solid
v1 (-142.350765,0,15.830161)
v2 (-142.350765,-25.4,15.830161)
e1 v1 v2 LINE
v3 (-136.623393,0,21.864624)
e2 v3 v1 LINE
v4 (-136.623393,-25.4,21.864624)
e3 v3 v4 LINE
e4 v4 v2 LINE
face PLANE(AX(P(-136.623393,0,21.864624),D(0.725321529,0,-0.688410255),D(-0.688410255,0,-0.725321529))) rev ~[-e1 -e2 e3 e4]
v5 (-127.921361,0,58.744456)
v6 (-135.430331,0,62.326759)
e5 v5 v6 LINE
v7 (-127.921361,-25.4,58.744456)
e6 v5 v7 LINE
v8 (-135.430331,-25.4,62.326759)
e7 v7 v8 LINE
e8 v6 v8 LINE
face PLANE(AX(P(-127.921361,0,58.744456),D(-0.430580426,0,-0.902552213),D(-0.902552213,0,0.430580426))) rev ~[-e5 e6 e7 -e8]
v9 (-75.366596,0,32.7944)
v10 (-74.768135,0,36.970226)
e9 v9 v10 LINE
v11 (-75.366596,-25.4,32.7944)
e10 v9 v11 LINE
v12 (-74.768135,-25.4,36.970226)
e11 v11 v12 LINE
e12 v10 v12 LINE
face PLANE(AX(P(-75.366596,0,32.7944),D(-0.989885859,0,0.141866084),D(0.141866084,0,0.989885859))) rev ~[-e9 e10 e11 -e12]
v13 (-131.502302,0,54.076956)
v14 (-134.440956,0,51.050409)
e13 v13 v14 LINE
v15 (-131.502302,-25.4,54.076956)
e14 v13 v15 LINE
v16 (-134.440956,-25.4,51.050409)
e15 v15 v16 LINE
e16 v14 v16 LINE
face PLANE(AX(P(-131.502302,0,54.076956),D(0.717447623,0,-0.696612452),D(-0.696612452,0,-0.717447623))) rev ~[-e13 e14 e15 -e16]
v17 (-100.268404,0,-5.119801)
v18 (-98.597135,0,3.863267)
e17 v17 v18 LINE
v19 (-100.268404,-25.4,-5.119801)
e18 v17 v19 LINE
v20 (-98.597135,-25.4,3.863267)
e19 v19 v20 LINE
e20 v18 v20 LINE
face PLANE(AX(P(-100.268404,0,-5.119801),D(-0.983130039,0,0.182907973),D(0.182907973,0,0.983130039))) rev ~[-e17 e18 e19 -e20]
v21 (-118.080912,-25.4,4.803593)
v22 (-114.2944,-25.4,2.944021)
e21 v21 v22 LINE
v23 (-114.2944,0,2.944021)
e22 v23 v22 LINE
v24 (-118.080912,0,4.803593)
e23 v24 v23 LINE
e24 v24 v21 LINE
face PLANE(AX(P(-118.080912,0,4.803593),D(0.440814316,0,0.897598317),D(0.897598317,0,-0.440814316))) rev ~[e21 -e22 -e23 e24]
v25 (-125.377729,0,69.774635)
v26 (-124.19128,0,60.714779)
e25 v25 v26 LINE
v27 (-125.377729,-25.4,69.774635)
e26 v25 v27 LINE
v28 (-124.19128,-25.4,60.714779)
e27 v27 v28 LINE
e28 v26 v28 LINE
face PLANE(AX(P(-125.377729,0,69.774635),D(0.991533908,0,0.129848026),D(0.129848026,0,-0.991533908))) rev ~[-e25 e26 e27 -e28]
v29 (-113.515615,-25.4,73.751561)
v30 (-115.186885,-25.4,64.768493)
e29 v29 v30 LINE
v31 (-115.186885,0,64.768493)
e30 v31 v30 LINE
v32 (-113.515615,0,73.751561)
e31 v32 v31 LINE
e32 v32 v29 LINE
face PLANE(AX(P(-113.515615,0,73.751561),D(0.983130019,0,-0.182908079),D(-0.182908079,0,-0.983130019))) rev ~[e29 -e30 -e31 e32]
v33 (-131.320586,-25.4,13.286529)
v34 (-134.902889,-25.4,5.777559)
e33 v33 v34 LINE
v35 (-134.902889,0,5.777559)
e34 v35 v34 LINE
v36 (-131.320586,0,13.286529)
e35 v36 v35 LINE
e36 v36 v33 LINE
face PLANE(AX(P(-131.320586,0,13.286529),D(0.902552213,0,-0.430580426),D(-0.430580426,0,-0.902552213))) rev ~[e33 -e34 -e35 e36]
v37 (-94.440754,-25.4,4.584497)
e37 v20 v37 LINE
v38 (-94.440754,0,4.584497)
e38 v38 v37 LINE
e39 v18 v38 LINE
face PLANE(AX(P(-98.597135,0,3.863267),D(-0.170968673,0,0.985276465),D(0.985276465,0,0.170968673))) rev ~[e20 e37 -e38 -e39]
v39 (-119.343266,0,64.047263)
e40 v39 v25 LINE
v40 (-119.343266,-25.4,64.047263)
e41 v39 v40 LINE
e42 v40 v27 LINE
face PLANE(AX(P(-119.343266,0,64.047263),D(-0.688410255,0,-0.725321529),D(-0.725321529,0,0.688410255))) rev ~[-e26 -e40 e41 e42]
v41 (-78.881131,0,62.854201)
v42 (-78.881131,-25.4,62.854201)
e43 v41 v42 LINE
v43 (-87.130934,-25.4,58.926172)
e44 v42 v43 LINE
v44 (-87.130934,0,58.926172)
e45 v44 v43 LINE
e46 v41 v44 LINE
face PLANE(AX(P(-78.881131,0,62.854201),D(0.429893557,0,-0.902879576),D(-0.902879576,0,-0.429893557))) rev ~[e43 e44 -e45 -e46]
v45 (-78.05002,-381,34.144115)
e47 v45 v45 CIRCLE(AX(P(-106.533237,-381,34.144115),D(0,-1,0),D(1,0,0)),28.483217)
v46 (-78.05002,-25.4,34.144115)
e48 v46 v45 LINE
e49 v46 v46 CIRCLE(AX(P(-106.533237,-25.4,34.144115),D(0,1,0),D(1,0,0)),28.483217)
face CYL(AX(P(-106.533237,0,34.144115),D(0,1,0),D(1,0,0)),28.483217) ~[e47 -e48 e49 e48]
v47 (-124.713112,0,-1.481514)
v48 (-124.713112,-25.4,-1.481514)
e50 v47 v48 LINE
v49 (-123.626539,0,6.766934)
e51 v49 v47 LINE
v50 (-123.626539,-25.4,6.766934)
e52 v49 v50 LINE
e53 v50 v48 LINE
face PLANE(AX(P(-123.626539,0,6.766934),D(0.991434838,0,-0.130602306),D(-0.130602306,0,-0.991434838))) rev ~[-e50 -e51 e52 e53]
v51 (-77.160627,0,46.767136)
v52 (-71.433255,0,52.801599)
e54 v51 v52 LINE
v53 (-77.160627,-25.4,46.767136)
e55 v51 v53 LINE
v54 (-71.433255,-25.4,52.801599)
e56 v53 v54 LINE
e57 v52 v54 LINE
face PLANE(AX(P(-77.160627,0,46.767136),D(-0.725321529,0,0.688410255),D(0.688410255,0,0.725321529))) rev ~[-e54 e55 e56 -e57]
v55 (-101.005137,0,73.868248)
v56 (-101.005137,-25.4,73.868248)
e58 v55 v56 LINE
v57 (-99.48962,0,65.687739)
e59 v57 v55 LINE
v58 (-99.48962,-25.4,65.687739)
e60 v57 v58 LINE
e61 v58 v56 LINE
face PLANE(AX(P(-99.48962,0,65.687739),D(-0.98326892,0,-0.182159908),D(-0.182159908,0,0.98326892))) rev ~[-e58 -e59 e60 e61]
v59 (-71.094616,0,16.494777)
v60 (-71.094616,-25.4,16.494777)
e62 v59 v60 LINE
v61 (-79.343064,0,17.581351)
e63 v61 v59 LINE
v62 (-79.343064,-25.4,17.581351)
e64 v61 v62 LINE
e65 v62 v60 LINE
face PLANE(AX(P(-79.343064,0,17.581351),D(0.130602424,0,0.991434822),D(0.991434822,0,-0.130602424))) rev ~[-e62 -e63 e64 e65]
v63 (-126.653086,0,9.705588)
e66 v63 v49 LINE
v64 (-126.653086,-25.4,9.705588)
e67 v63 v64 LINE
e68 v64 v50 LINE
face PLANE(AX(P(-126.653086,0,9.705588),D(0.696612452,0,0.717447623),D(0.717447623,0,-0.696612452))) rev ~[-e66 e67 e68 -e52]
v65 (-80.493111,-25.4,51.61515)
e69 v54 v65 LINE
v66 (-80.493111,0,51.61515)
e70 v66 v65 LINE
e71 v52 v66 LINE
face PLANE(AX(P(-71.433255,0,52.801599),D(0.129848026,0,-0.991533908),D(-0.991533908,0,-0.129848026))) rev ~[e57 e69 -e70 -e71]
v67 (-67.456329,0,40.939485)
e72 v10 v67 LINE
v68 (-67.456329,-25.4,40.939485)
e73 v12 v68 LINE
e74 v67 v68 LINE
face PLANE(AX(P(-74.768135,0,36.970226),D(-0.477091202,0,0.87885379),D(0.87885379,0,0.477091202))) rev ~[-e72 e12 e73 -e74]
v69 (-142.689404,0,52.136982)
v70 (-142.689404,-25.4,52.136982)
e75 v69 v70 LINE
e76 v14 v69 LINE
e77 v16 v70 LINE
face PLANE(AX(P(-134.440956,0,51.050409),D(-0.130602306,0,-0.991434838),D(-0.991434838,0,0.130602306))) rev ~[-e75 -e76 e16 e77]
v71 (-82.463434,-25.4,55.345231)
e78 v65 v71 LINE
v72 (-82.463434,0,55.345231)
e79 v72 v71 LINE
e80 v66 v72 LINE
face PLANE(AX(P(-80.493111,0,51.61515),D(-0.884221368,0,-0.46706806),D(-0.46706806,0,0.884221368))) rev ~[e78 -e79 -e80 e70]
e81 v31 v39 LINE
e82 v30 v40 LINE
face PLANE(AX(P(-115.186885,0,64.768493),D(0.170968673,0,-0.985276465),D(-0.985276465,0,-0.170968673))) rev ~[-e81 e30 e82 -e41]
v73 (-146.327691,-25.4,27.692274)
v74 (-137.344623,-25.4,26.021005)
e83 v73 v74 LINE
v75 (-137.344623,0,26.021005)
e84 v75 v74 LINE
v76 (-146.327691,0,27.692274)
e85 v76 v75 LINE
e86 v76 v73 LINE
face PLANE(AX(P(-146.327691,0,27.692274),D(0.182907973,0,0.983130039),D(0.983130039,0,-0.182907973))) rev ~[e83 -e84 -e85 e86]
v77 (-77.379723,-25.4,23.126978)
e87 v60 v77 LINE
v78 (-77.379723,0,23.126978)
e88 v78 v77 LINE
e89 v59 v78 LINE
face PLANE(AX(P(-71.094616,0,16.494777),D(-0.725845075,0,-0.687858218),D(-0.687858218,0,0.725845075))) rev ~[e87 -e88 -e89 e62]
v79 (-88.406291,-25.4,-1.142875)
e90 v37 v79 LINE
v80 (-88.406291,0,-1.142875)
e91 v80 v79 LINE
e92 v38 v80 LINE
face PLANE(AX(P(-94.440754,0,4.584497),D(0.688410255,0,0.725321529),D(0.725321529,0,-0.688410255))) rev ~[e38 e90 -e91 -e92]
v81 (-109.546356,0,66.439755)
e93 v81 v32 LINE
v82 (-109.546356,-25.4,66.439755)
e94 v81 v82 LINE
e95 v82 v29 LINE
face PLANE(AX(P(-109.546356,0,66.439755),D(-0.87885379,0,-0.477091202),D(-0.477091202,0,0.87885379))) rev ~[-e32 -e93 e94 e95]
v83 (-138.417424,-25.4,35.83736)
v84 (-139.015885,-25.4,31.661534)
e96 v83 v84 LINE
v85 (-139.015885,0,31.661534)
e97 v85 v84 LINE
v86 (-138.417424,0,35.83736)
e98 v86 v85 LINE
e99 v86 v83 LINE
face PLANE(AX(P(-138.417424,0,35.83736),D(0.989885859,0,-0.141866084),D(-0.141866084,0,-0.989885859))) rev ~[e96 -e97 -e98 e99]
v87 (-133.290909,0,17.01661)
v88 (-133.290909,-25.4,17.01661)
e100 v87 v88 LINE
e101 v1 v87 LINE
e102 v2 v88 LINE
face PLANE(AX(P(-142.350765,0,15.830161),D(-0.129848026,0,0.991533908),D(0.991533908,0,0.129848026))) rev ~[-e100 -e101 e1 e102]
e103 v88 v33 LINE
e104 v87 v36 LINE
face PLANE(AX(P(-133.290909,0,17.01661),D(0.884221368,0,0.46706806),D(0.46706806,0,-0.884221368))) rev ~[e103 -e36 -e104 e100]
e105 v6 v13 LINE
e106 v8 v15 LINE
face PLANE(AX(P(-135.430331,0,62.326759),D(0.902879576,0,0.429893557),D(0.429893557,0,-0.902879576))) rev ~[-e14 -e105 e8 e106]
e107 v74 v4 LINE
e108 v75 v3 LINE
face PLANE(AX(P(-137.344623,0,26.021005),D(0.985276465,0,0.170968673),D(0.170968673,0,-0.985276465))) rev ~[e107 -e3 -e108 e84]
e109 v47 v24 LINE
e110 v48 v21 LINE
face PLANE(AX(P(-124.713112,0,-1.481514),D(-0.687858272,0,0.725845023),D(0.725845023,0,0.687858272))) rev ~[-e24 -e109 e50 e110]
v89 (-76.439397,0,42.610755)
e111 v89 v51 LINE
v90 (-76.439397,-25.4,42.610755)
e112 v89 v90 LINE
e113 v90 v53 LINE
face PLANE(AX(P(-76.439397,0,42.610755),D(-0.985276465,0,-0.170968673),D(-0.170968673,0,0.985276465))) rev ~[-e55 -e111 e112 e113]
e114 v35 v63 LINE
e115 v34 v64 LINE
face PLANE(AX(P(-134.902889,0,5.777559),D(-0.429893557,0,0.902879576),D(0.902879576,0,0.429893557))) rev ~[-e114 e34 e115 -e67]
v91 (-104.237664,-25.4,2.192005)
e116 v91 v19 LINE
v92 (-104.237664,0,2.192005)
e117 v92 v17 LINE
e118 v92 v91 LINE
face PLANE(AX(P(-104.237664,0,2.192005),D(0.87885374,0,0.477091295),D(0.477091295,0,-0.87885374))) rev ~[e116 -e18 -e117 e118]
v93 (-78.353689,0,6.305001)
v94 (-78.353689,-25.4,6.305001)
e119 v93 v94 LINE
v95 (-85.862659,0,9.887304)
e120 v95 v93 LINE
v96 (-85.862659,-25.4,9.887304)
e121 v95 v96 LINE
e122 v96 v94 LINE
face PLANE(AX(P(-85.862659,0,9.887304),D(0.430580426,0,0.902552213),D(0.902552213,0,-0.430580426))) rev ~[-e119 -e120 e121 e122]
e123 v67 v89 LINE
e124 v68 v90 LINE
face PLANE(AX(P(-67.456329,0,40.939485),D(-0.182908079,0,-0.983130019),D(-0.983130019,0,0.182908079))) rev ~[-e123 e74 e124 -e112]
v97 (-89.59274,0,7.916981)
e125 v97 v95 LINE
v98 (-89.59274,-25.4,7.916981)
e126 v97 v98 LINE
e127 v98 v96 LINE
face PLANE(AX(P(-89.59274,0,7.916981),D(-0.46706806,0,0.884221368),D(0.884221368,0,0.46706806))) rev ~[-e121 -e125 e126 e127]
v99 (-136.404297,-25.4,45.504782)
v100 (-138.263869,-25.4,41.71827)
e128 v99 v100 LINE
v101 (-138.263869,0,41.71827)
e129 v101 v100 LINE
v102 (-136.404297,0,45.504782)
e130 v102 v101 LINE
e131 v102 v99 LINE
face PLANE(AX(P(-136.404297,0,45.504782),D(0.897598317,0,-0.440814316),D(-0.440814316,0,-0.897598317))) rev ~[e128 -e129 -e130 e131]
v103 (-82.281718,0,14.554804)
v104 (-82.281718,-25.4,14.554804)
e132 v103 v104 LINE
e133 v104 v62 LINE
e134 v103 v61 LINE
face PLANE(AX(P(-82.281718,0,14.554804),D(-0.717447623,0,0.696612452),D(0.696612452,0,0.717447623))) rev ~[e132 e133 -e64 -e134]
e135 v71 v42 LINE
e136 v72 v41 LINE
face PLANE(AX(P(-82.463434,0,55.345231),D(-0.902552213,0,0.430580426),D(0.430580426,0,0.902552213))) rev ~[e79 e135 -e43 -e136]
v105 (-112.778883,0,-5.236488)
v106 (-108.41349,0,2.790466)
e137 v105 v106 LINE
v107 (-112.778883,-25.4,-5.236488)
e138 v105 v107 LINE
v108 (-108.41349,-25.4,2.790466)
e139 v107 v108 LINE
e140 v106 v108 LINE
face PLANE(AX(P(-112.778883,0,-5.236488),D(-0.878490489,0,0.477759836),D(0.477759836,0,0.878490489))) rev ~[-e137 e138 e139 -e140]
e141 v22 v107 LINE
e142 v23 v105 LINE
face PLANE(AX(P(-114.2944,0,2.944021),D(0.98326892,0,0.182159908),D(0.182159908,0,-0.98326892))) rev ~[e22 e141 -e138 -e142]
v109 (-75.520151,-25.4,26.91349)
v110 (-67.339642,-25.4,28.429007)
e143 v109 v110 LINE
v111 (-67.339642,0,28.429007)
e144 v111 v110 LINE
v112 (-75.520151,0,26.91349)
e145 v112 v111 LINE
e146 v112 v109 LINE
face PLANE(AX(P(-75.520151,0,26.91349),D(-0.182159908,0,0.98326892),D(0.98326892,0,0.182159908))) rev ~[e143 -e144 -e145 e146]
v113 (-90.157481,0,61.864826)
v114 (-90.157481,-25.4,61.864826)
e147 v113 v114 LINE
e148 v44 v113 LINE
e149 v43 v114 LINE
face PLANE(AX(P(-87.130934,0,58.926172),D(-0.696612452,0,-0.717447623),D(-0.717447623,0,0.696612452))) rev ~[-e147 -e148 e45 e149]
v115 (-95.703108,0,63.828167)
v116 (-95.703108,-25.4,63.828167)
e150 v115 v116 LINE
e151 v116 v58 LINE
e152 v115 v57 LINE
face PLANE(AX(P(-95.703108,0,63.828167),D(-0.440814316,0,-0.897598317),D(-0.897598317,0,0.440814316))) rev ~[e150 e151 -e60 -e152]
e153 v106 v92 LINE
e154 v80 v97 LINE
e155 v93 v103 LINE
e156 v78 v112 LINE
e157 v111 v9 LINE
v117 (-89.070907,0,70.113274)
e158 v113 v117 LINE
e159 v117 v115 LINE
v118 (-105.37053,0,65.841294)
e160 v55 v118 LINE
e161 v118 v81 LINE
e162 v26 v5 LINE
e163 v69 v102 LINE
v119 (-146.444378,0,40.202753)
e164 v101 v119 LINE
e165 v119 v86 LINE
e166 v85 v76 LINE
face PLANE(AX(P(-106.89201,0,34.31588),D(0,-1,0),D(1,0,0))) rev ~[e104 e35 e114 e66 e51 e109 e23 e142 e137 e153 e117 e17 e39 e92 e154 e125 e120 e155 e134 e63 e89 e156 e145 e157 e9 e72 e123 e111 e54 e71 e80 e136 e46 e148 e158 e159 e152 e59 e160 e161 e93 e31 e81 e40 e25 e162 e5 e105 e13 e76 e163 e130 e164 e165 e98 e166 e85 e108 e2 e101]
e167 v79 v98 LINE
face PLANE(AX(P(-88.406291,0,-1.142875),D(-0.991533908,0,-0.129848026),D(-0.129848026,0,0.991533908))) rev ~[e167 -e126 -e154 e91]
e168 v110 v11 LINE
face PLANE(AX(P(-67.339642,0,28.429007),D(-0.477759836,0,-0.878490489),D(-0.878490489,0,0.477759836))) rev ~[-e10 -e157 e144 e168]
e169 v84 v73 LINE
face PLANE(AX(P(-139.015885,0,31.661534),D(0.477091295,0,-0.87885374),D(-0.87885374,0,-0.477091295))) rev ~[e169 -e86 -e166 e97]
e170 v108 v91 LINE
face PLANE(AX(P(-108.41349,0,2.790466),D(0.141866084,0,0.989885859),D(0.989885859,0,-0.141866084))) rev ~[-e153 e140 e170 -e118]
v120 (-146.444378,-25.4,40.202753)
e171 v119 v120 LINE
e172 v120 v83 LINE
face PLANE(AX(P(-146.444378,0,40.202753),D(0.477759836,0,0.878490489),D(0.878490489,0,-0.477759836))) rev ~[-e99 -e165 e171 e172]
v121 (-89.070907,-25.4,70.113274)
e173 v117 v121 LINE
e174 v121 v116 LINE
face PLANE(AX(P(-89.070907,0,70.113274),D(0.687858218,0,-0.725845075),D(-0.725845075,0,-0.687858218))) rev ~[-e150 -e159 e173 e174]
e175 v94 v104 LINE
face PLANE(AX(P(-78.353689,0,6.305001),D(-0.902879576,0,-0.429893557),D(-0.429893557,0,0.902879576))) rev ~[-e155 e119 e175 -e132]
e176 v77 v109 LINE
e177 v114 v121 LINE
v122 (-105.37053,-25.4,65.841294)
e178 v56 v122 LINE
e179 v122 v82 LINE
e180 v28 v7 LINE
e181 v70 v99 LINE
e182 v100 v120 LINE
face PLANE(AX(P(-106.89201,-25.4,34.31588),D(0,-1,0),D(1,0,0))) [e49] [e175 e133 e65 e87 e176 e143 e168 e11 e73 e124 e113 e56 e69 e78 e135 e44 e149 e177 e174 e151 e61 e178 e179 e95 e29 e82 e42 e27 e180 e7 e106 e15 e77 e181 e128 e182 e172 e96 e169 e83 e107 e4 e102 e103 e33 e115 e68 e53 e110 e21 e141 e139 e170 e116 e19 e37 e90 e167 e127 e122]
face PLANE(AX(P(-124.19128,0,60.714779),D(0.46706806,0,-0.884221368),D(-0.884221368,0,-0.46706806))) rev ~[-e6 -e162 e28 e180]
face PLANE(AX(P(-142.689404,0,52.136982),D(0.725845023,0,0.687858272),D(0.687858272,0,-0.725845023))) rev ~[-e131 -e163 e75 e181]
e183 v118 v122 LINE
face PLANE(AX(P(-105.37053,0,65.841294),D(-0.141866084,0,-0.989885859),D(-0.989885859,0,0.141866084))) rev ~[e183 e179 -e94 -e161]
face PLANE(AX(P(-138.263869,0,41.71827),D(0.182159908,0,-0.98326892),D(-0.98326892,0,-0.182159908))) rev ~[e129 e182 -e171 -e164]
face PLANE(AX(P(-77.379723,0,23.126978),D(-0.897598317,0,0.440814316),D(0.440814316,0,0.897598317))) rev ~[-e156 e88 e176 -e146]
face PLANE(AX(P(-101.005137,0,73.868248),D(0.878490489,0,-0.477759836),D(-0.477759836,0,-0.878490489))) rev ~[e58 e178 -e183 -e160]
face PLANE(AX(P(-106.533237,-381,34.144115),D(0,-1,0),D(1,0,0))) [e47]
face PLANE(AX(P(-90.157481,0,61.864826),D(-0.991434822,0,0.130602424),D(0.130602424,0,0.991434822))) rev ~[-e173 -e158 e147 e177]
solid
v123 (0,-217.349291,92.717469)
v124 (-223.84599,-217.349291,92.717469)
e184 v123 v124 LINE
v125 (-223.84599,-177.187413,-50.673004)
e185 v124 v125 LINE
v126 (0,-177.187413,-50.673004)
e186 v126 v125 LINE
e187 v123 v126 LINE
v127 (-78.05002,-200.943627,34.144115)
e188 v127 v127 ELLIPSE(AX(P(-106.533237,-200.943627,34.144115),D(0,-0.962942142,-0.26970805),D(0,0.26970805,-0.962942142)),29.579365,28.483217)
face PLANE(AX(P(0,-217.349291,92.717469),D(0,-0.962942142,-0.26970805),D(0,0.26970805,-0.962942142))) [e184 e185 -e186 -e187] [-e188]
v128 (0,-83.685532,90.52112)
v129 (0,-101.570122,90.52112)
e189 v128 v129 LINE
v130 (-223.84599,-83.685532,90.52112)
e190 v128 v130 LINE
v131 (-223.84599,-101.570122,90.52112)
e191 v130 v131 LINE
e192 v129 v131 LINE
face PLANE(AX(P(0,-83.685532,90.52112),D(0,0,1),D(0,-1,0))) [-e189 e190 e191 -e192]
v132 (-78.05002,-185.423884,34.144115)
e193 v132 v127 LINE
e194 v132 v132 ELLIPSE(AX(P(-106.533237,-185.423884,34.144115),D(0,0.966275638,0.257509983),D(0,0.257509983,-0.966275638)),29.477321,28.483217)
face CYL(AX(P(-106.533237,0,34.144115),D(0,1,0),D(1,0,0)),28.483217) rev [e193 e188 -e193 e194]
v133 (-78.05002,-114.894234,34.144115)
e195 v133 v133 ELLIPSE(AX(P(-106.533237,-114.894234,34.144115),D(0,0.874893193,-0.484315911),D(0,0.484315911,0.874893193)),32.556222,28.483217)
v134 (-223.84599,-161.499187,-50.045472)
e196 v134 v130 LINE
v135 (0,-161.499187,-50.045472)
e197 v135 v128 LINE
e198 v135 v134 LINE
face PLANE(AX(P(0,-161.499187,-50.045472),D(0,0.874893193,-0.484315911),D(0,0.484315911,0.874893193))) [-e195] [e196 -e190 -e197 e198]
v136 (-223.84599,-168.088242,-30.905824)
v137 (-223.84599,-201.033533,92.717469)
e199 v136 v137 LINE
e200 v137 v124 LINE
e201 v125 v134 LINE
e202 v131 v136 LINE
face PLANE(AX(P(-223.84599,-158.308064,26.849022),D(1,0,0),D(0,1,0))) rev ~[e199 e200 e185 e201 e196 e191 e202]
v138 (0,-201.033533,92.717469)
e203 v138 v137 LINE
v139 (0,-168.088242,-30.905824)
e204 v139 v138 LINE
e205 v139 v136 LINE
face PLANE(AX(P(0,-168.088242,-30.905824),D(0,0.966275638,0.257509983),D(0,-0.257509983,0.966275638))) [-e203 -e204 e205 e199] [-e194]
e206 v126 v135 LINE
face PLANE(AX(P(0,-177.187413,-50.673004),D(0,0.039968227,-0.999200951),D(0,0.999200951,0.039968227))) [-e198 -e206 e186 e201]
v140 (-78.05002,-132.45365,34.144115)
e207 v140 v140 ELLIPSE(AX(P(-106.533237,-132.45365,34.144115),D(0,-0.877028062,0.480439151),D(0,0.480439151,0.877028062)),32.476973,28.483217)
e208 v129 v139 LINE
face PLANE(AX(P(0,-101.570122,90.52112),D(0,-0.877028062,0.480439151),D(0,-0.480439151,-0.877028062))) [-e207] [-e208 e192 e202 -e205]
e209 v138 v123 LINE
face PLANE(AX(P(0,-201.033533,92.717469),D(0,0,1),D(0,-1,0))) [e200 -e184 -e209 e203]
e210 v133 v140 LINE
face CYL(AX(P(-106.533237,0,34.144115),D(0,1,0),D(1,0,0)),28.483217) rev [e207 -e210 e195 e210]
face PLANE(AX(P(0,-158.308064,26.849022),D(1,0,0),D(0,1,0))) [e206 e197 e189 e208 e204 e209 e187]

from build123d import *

# Parameters (mm, degrees)
F0_R     = 28.483217
F1_DEPTH = 381
F3_DEPTH = 223.84599
F6_DEPTH = 25.4


with BuildPart() as f1:
    # F0 (on Front) → F1 (new body)
    with BuildSketch(Plane.XZ):
        with Locations((-106.533237, 34.144115)):
            Circle(F0_R)
    extrude(amount=F1_DEPTH)

    # F5 (on Front) → F6 (join)
    with BuildSketch(Plane.XZ):
        Polygon((-113.515615, 73.751561), (-115.186885, 64.768493), (-119.343266, 64.047263), (-125.377729, 69.774635), (-124.19128, 60.714779), (-127.921361, 58.744456), (-135.430331, 62.326759), (-131.502302, 54.076956), (-134.440956, 51.050409), (-142.689404, 52.136982), (-136.404297, 45.504782), (-138.263869, 41.71827), (-146.444378, 40.202753), (-138.417424, 35.83736), (-139.015885, 31.661534), (-146.327691, 27.692274), (-137.344623, 26.021005), (-136.623393, 21.864624), (-142.350765, 15.830161), (-133.290909, 17.01661), (-131.320586, 13.286529), (-134.902889, 5.777559), (-126.653086, 9.705588), (-123.626539, 6.766934), (-124.713112, -1.481514), (-118.080912, 4.803593), (-114.2944, 2.944021), (-112.778883, -5.236488), (-108.41349, 2.790466), (-104.237664, 2.192005), (-100.268404, -5.119801), (-98.597135, 3.863267), (-94.440754, 4.584497), (-88.406291, -1.142875), (-89.59274, 7.916981), (-85.862659, 9.887304), (-78.353689, 6.305001), (-82.281718, 14.554804), (-79.343064, 17.581351), (-71.094616, 16.494777), (-77.379723, 23.126978), (-75.520151, 26.91349), (-67.339642, 28.429007), (-75.366596, 32.7944), (-74.768135, 36.970226), (-67.456329, 40.939485), (-76.439397, 42.610755), (-77.160627, 46.767136), (-71.433255, 52.801599), (-80.493111, 51.61515), (-82.463434, 55.345231), (-78.881131, 62.854201), (-87.130934, 58.926172), (-90.157481, 61.864826), (-89.070907, 70.113274), (-95.703108, 63.828167), (-99.48962, 65.687739), (-101.005137, 73.868248), (-105.37053, 65.841294), (-109.546356, 66.439755), align=None)
    extrude(amount=F6_DEPTH)


with BuildPart() as f3:
    # F2 (on Right) → F3 (new body)
    with BuildSketch(Plane.YZ):
        Polygon((-161.499187, -50.045472), (-83.685532, 90.52112), (-101.570122, 90.52112), (-168.088242, -30.905824), (-201.033533, 92.717469), (-217.349291, 92.717469), (-177.187413, -50.673004), align=None)
    extrude(amount=-F3_DEPTH)

    # F4: cut F1
    add(f1.part, mode=Mode.SUBTRACT)


solid = Compound([f1.part, f3.part])
